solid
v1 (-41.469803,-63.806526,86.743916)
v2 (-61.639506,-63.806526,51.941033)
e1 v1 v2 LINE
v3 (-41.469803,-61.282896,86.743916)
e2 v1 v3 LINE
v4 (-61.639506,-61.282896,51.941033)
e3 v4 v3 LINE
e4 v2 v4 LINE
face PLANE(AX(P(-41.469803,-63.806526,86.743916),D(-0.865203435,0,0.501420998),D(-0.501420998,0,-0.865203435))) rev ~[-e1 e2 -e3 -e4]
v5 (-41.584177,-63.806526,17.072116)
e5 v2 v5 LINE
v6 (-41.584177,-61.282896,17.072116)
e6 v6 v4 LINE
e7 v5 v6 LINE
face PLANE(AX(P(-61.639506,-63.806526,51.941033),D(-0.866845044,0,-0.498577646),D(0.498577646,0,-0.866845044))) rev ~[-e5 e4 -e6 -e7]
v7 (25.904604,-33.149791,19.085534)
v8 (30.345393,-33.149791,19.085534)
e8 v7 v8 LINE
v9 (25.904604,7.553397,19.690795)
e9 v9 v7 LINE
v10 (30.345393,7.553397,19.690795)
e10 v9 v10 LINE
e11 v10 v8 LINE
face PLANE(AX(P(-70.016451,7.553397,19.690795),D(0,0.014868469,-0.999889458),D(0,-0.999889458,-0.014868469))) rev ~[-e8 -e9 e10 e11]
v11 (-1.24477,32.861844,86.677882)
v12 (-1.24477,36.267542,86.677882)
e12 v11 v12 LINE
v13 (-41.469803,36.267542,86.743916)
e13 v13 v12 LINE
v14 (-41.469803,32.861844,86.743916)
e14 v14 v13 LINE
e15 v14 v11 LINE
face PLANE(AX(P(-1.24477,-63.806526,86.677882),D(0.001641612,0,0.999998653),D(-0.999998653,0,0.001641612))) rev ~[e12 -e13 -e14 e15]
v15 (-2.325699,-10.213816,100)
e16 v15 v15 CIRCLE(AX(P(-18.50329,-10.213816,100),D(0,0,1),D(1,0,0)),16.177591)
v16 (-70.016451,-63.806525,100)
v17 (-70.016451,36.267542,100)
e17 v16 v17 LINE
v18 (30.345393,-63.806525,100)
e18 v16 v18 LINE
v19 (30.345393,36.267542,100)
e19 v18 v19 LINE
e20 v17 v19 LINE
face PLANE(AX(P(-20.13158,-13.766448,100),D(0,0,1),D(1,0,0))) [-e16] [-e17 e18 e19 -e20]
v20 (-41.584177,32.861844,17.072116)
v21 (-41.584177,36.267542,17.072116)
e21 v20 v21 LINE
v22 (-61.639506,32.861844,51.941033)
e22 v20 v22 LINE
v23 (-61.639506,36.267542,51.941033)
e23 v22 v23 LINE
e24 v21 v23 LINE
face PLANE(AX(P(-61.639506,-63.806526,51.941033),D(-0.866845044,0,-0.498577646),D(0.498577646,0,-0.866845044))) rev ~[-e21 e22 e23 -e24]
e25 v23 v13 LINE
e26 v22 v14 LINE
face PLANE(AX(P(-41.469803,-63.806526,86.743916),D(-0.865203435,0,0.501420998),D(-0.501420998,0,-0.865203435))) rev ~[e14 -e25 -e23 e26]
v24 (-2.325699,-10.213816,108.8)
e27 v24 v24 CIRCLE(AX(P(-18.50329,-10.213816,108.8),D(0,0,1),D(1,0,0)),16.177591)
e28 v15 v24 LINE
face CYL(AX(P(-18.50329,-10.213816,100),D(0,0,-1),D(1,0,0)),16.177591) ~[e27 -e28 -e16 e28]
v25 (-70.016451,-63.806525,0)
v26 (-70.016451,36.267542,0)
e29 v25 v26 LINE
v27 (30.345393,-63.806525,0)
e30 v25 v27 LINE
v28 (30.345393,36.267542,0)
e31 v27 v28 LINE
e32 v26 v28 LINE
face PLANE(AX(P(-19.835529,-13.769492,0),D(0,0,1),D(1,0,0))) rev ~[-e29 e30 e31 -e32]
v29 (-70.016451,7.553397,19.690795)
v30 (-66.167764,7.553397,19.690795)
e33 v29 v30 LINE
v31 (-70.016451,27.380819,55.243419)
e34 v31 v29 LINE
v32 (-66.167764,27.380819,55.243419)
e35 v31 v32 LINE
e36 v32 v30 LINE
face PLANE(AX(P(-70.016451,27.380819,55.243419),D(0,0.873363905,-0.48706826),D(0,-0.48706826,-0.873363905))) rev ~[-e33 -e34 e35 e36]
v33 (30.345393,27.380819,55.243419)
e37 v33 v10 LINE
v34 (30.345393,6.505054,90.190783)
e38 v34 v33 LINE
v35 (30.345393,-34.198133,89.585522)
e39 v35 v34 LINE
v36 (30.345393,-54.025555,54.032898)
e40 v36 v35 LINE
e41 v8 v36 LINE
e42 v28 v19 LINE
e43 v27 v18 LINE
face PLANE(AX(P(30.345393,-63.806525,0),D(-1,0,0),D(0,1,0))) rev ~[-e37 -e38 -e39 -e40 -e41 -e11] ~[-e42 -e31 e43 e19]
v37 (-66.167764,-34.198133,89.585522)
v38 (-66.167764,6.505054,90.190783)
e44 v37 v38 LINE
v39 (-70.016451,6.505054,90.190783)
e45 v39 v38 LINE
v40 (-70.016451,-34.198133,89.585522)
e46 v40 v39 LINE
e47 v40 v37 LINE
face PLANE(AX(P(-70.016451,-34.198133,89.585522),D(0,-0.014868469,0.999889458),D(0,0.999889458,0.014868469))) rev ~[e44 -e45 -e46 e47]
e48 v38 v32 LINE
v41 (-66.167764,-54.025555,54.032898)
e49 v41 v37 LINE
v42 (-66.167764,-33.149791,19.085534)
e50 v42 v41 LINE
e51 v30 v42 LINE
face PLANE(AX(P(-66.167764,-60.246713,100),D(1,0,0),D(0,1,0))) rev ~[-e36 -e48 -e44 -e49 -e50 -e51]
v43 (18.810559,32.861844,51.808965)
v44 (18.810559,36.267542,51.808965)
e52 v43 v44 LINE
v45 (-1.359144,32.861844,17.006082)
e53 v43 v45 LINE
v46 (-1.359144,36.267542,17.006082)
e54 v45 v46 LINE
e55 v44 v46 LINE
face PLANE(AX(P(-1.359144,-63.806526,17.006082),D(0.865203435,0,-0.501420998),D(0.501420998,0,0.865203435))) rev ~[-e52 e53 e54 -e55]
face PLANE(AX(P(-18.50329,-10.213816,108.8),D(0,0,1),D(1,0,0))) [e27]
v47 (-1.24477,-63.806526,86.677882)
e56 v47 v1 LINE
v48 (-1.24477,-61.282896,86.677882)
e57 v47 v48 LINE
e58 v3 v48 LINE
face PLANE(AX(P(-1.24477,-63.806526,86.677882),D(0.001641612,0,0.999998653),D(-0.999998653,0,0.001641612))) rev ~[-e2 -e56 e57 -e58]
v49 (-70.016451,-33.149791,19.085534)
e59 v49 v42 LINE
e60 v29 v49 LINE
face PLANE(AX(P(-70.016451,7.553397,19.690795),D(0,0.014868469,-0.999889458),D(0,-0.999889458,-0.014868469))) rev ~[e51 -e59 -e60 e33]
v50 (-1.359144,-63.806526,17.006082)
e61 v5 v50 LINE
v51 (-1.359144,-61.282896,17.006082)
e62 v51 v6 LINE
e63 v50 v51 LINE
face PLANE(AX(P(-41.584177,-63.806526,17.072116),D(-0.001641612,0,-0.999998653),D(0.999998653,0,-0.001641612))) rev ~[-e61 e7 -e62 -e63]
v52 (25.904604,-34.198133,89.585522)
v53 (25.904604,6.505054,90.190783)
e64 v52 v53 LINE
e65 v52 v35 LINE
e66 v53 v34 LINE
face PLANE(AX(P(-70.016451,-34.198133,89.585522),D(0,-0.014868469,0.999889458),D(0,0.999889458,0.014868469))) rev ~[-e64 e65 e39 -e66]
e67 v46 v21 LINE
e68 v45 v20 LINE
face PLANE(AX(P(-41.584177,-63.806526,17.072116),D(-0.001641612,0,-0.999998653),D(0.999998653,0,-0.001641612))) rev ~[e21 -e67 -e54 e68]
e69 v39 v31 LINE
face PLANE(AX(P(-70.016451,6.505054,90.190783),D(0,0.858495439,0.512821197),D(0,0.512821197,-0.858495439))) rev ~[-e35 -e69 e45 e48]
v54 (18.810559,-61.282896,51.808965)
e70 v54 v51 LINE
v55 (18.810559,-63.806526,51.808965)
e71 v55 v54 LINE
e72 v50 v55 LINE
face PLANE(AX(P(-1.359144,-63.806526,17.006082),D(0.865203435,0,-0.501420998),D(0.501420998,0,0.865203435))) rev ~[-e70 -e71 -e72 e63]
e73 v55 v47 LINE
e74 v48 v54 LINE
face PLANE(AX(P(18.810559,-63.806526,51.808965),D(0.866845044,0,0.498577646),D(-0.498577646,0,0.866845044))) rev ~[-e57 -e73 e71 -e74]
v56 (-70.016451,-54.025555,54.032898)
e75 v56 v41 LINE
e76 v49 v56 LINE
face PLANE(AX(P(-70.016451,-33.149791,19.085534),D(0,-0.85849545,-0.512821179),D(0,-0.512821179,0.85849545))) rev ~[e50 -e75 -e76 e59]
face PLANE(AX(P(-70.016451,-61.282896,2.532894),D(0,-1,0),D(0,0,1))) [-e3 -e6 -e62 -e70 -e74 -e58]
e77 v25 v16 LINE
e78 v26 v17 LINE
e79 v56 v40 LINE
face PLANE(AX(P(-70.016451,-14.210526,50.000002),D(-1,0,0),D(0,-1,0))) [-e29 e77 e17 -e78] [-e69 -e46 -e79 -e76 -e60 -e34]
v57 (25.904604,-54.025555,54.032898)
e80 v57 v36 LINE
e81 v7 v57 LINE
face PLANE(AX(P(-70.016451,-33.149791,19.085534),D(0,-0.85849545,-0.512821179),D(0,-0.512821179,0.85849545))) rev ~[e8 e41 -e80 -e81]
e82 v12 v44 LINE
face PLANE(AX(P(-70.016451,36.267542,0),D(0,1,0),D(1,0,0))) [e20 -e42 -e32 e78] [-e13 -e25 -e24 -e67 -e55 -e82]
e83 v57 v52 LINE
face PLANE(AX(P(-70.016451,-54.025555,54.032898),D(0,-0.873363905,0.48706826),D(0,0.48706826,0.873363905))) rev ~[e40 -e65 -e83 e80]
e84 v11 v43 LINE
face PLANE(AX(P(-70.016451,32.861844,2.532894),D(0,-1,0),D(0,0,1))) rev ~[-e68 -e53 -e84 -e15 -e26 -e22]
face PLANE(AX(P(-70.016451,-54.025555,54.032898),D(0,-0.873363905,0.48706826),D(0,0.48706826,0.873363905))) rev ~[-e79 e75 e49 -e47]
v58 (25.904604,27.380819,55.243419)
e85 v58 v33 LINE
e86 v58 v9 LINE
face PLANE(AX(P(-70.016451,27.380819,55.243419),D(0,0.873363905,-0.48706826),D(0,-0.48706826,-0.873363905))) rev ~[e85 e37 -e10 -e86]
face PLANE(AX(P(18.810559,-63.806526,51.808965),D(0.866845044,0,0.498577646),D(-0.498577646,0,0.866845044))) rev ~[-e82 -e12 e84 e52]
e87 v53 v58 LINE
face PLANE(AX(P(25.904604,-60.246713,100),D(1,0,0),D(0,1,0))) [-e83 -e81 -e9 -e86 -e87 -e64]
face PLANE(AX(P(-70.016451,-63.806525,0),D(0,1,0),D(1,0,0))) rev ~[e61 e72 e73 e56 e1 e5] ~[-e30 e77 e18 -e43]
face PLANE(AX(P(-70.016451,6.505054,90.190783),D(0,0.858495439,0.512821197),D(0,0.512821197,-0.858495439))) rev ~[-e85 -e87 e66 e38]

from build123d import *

# Parameters (mm, degrees)
F0_W      = 100.361844
F0_H      = 100.074067
F1_DEPTH  = 100
F3_DEPTH  = 114
F4_W      = 94.14474
F4_H      = 94.934216
F5_DEPTH  = 95
F7_DEPTH  = 134
F8_W      = 92.072367
F8_H      = 92.960529
F9_DEPTH  = 94.6
F10_R     = 16.177591
F11_DEPTH = 8.8


with BuildPart() as f1:
    # F0 (on Top) → F1 (new body)
    with BuildSketch(Plane.XY):
        with Locations((-19.835529, -13.769492)):
            Rectangle(F0_W, F0_H)
    extrude(amount=F1_DEPTH)

    # F2 (on face) → F3 (cut)
    with BuildSketch(Plane.XZ.offset(63.806526)):
        Polygon((18.810559, 51.808965), (-1.24477, 86.677882), (-41.469803, 86.743916), (-61.639506, 51.941033), (-41.584177, 17.072116), (-1.359144, 17.006082), align=None)
    extrude(amount=-F3_DEPTH, mode=Mode.SUBTRACT)

    # F4 (on face) → F5 (join)
    with BuildSketch(Plane(origin=(-70.016451, 0, 0), x_dir=(0, -1, 0), z_dir=(-1, 0, 0))):
        with Locations((14.210526, 50.000002)):
            Rectangle(F4_W, F4_H)
    extrude(amount=-F5_DEPTH)

    # F6 (on face) → F7 (cut)
    with BuildSketch(Plane(origin=(-70.016451, 0, 0), x_dir=(0, -1, 0), z_dir=(-1, 0, 0))):
        Polygon((54.025555, 54.032898), (34.198133, 89.585522), (-6.505054, 90.190783), (-27.380819, 55.243419), (-7.553397, 19.690795), (33.149791, 19.085534), align=None)
    extrude(amount=-F7_DEPTH, mode=Mode.SUBTRACT)

    # F8 (on face) → F9 (join)
    with BuildSketch(Plane.XY.offset(100)):
        with Locations((-20.13158, -13.766448)):
            Rectangle(F8_W, F8_H)
    extrude(amount=-F9_DEPTH)

    # F10 (on face) → F11 (join)
    with BuildSketch(Plane.XY.offset(100)):
        with Locations((-18.50329, -10.213816)):
            Circle(F10_R)
    extrude(amount=F11_DEPTH)


solid = f1.part
